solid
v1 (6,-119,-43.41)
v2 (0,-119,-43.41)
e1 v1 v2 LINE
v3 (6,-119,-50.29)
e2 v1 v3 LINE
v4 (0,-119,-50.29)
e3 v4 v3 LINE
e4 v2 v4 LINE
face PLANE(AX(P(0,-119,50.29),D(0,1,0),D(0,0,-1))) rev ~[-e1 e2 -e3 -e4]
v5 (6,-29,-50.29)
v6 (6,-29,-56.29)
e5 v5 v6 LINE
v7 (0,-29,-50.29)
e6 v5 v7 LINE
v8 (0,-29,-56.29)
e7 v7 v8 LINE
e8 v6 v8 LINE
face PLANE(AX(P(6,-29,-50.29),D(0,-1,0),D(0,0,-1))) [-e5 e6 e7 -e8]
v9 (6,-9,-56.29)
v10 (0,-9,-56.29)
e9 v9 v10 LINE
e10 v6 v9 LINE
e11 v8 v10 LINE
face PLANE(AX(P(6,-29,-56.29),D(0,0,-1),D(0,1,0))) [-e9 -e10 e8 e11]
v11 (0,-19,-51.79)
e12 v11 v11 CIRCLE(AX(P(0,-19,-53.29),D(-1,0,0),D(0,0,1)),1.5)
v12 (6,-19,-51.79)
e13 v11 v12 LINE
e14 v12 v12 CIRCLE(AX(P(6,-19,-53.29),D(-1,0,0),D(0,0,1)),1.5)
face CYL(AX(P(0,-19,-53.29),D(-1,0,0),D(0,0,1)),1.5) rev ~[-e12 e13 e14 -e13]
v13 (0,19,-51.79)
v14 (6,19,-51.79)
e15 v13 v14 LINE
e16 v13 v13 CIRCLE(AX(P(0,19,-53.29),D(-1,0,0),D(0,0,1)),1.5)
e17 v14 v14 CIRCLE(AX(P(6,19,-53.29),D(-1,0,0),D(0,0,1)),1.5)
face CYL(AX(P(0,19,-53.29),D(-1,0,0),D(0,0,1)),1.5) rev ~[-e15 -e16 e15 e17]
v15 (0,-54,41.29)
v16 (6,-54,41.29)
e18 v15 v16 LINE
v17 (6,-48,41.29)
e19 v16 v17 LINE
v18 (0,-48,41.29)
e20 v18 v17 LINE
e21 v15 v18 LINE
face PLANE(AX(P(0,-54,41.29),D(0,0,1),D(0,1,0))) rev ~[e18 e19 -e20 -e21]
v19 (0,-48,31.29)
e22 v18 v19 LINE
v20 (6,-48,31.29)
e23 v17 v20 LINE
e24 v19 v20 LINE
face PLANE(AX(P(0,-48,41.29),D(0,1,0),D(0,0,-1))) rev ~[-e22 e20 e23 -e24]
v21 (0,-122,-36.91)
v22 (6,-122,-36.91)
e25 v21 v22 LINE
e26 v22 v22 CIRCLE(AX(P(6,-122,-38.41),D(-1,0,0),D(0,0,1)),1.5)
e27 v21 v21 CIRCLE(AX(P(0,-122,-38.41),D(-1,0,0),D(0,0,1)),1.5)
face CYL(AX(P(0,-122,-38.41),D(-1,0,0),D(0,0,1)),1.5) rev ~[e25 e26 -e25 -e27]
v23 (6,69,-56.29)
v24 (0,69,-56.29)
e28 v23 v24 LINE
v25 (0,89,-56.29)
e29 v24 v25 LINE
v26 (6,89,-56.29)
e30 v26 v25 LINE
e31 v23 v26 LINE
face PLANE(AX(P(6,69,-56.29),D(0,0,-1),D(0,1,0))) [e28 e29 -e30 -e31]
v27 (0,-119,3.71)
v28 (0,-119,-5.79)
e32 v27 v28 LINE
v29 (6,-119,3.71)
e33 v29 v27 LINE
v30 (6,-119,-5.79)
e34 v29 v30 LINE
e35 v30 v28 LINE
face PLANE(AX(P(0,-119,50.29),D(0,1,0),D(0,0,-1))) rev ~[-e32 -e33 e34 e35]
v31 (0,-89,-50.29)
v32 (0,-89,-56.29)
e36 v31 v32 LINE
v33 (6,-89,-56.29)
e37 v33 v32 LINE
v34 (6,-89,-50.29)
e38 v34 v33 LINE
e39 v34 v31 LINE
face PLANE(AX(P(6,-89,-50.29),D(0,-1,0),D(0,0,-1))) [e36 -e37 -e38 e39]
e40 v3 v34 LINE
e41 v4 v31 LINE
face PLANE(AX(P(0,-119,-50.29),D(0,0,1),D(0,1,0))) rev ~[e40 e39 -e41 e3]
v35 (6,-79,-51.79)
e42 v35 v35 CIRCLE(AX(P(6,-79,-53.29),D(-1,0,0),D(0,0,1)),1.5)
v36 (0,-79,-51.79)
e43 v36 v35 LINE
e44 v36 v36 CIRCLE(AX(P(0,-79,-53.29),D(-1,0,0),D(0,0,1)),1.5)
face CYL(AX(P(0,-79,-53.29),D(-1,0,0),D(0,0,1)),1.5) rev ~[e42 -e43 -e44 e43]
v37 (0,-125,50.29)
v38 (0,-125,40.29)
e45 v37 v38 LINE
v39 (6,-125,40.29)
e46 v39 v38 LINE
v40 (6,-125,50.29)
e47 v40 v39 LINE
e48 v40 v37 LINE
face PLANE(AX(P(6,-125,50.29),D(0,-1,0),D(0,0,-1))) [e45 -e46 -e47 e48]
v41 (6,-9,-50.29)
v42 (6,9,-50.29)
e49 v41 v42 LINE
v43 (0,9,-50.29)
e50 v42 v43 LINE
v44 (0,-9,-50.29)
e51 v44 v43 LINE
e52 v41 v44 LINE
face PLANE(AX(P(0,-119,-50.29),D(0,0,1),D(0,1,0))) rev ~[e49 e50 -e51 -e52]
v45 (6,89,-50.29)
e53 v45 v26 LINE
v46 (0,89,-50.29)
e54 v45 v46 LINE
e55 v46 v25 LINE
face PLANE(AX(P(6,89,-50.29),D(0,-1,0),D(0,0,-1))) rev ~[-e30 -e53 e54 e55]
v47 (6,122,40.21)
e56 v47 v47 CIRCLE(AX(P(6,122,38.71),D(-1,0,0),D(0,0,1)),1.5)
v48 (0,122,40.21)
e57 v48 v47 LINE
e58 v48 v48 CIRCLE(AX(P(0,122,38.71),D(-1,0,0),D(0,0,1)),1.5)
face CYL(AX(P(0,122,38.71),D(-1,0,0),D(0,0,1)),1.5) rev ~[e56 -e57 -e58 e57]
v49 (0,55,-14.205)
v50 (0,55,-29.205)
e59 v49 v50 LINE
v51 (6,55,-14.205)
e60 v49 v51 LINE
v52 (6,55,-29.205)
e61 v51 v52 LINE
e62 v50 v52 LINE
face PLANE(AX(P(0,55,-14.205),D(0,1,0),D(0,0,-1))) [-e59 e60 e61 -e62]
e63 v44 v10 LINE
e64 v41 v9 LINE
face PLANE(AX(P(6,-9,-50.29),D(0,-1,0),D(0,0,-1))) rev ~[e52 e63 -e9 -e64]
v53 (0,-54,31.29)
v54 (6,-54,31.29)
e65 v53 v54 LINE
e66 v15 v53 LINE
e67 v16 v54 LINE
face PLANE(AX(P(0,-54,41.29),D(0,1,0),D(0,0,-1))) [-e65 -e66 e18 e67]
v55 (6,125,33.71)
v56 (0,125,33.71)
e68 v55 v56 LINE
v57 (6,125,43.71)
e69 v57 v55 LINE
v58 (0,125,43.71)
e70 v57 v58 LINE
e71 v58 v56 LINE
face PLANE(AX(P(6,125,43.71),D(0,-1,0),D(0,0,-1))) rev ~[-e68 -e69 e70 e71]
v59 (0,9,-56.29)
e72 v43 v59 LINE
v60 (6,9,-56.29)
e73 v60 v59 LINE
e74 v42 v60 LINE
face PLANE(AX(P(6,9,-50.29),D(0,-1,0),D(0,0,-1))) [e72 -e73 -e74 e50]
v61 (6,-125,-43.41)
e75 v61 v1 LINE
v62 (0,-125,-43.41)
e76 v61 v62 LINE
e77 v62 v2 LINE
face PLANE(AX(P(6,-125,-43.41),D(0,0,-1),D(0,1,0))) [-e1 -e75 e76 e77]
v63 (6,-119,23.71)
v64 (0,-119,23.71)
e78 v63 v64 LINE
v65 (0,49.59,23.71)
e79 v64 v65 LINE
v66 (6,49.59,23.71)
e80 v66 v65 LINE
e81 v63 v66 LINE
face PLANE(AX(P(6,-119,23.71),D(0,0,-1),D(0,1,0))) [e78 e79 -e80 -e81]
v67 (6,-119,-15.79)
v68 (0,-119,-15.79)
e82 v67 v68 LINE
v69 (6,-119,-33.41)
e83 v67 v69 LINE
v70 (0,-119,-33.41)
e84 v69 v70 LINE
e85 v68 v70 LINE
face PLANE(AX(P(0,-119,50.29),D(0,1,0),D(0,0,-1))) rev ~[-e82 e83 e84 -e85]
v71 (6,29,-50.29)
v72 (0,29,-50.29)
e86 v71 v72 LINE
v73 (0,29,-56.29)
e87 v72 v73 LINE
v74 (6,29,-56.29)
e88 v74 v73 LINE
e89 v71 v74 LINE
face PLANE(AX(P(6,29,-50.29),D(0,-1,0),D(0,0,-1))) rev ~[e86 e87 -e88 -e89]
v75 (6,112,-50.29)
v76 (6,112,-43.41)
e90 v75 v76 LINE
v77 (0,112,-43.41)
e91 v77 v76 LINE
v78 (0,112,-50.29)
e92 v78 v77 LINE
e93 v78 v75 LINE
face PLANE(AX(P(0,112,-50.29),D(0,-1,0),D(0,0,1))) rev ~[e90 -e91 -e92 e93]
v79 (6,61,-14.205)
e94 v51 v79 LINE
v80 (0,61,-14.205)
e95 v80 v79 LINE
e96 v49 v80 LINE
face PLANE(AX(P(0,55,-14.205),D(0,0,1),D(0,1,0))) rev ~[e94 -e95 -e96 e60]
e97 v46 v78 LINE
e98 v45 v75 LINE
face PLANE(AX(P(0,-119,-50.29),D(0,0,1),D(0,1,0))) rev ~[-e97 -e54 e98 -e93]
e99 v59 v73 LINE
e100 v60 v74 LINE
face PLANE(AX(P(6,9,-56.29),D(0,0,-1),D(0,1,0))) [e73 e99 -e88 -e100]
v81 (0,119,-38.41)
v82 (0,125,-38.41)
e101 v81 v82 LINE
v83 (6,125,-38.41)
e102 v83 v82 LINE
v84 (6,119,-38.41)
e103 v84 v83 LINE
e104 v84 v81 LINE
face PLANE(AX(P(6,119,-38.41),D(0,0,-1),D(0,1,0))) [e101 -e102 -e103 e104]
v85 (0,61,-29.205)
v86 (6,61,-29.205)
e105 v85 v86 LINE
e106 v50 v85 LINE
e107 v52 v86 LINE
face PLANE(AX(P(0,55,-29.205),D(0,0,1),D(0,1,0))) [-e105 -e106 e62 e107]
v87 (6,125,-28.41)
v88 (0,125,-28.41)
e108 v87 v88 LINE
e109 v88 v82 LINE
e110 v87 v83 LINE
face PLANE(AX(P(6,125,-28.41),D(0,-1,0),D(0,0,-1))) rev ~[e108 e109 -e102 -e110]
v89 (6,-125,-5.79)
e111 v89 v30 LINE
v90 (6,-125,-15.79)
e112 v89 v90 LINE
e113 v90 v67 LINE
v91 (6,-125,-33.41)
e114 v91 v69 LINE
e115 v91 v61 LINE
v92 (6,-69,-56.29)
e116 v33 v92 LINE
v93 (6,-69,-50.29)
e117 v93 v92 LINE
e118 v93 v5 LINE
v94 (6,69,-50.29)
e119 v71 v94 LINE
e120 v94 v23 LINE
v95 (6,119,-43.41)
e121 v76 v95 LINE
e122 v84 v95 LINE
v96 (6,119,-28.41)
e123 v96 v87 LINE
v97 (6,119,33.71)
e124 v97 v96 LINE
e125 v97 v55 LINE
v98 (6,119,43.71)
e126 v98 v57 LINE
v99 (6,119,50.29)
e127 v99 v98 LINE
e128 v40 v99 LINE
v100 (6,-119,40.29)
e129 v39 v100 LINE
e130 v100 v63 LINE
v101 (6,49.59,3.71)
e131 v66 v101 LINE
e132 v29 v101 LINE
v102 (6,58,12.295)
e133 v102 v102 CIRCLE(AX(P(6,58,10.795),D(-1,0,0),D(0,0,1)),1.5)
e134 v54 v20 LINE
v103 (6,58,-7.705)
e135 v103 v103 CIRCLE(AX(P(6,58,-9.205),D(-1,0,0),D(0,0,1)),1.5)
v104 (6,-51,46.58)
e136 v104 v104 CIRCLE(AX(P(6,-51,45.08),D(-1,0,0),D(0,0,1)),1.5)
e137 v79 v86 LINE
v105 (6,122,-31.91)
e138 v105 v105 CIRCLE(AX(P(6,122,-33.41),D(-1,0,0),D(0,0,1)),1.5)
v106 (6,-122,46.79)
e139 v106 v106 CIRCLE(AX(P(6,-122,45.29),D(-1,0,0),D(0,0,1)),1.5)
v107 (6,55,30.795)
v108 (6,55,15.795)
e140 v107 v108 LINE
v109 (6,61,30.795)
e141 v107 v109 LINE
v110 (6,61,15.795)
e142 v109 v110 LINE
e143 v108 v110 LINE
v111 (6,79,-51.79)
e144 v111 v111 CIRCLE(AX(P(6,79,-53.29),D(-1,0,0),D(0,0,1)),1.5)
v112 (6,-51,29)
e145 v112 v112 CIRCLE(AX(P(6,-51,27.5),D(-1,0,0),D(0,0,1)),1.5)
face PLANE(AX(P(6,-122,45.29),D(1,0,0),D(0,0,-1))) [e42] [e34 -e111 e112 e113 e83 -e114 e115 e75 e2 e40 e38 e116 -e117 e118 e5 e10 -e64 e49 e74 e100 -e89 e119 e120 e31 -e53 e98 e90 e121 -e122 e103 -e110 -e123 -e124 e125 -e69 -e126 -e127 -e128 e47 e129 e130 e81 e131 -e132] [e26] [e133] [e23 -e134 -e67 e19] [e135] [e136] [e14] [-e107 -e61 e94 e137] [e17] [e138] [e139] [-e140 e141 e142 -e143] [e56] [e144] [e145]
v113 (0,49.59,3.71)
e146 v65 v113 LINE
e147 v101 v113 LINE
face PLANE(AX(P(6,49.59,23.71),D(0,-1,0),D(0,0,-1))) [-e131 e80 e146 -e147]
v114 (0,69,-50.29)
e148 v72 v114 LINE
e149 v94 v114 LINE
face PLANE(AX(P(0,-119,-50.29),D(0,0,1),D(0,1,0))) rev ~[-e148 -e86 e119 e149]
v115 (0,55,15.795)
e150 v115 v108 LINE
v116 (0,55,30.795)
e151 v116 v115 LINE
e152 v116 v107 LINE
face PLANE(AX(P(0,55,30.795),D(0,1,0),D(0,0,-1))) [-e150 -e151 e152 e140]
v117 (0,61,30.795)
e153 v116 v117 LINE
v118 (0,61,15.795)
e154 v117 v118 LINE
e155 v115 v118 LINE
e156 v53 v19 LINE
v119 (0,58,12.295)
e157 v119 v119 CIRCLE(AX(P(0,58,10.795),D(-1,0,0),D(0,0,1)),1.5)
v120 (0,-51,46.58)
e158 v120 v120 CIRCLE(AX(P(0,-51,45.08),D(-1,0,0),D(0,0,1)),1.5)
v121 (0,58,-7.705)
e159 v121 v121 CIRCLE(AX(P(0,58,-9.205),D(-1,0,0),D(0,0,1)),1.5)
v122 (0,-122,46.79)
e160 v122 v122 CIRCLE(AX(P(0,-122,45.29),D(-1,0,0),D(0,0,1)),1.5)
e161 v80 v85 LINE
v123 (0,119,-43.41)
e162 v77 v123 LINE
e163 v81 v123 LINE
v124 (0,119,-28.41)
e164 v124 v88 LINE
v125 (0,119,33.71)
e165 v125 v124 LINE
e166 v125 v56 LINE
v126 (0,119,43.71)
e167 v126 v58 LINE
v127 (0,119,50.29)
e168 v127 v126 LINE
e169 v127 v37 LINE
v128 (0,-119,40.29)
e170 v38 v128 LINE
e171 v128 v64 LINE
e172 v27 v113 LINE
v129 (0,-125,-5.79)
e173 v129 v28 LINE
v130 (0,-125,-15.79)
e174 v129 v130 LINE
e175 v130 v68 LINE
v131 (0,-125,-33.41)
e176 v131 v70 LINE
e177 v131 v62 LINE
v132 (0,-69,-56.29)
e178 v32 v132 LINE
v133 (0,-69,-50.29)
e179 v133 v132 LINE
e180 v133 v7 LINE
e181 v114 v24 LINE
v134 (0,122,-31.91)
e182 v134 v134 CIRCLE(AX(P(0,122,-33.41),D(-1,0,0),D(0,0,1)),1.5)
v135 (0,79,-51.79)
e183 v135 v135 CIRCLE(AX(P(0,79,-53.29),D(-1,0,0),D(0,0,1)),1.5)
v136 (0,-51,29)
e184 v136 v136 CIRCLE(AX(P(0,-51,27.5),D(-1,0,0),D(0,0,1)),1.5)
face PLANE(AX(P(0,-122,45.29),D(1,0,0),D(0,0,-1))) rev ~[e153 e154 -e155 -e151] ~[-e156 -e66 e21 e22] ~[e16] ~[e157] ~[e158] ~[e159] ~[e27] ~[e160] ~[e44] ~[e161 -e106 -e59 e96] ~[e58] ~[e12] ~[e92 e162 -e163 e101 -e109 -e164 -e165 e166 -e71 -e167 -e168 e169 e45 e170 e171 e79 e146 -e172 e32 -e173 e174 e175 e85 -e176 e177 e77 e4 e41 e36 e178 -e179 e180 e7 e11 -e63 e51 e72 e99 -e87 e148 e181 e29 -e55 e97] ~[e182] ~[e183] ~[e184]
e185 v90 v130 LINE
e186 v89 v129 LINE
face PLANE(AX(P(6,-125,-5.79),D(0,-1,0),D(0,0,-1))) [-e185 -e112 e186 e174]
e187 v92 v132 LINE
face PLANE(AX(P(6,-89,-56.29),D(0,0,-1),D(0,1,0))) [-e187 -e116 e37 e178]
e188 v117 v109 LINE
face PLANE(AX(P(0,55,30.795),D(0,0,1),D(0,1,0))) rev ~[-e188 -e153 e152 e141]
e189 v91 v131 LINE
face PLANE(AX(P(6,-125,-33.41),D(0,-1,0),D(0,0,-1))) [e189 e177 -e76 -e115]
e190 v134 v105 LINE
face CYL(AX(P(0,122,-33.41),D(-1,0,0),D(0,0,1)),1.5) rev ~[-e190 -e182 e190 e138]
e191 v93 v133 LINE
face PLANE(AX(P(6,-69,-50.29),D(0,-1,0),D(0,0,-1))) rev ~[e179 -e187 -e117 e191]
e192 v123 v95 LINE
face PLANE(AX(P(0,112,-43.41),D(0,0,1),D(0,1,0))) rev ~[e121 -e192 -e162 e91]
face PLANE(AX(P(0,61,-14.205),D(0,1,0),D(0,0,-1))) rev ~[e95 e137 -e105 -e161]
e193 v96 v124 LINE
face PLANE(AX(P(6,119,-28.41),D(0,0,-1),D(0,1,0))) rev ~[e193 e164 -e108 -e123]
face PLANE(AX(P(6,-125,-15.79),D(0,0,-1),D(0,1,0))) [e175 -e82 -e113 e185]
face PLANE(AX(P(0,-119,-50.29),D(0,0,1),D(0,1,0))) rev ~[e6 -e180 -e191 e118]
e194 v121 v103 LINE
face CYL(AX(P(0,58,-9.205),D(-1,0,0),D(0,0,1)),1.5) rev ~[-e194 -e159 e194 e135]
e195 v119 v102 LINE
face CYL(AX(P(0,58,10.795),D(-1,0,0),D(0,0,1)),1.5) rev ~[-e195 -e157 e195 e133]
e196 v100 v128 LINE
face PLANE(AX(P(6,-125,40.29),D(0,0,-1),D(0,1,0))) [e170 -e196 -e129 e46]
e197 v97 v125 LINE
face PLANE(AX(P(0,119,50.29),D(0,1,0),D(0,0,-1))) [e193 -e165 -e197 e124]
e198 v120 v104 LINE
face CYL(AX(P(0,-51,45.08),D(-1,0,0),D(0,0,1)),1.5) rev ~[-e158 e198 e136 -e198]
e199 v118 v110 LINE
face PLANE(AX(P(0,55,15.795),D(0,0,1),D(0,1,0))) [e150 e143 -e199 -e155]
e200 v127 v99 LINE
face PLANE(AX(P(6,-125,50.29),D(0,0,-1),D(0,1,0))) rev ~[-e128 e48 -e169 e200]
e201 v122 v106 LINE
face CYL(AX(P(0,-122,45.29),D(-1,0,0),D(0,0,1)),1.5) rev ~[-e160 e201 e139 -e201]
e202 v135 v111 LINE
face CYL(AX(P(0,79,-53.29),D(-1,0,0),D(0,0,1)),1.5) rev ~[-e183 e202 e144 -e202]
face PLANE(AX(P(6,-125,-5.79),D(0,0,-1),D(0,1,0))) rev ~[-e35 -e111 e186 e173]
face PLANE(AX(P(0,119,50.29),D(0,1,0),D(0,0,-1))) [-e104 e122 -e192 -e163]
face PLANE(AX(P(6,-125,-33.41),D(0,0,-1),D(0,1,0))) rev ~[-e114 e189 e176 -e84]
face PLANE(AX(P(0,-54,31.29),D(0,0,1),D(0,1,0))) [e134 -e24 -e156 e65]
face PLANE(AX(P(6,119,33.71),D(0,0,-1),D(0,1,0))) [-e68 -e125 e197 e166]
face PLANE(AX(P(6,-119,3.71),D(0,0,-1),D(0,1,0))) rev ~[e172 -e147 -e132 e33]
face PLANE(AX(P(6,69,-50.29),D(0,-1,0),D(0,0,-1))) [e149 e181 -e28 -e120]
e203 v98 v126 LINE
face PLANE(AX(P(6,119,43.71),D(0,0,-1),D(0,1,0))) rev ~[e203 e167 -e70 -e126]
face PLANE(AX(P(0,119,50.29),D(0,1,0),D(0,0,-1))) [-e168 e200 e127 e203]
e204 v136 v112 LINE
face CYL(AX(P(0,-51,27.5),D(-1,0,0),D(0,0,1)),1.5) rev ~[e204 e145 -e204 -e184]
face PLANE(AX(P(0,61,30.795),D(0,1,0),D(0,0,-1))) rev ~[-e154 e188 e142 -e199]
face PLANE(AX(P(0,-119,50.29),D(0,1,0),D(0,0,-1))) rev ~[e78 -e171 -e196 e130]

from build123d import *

# Parameters (mm, degrees)
ESQUISSE1_W             = 100.58
ESQUISSE1_H             = 238
ESQUISSE1_W_2           = 10
ESQUISSE1_H_2           = 6
ESQUISSE1_W_3           = 15
BOSS_EXTRU_1_DEPTH      = 6
ESQUISSE3_W             = 10
ESQUISSE3_H             = 6
ESQUISSE3_W_2           = 6
ESQUISSE3_H_2           = 20
BOSS_EXTRU_5_DEPTH      = 6
ESQUISSE6_W             = 20
ESQUISSE6_H             = 168.59
ENL_V_MAT_EXTRU_2_DEPTH = 6
ESQUISSE7_W             = 6.88
ESQUISSE7_H             = 7
ENL_V_MAT_EXTRU_3_DEPTH = 6
ESQUISSE8_R             = 1.5
ENL_V_MAT_EXTRU_4_DEPTH = 6


with BuildPart() as part:
    # Esquisse1 → Boss.-Extru.1 (new body)
    with BuildSketch(Plane(origin=(0, 0, 0), x_dir=(0, 0, -1), z_dir=(1, 0, 0))):
        Rectangle(ESQUISSE1_W, ESQUISSE1_H)
        with Locations((-36.29, -51)):
            Rectangle(ESQUISSE1_W_2, ESQUISSE1_H_2, mode=Mode.SUBTRACT)
        with Locations((-23.295, 58)):
            Rectangle(ESQUISSE1_W_3, ESQUISSE1_H_2, mode=Mode.SUBTRACT)
        with Locations((21.705, 58)):
            Rectangle(ESQUISSE1_W_3, ESQUISSE1_H_2, mode=Mode.SUBTRACT)
    extrude(amount=BOSS_EXTRU_1_DEPTH)

    # Esquisse3 → Boss.-Extru.5 (add)
    with BuildSketch(Plane(origin=(6, 0, 0), x_dir=(0, 0, -1), z_dir=(1, 0, 0))):
        with Locations((-45.29, -122)):
            Rectangle(ESQUISSE3_W, ESQUISSE3_H)
        with Locations((38.41, -122)):
            Rectangle(ESQUISSE3_W, ESQUISSE3_H)
        with Locations((53.29, 19)):
            Rectangle(ESQUISSE3_W_2, ESQUISSE3_H_2)
        with Locations((53.29, 79)):
            Rectangle(ESQUISSE3_W_2, ESQUISSE3_H_2)
        with Locations((53.29, -79)):
            Rectangle(ESQUISSE3_W_2, ESQUISSE3_H_2)
        with Locations((53.29, -19)):
            Rectangle(ESQUISSE3_W_2, ESQUISSE3_H_2)
        with Locations((10.79, -122)):
            Rectangle(ESQUISSE3_W, ESQUISSE3_H)
        with Locations((33.41, 122)):
            Rectangle(ESQUISSE3_W, ESQUISSE3_H)
        with Locations((-38.71, 122)):
            Rectangle(ESQUISSE3_W, ESQUISSE3_H)
    extrude(amount=-BOSS_EXTRU_5_DEPTH)

    # Esquisse6 → Enlèv. mat.-Extru.2 (cut)
    with BuildSketch(Plane(origin=(6, 0, 0), x_dir=(0, 0, -1), z_dir=(1, 0, 0))):
        with Locations((-13.71, -34.705)):
            Rectangle(ESQUISSE6_W, ESQUISSE6_H)
    extrude(amount=-ENL_V_MAT_EXTRU_2_DEPTH, mode=Mode.SUBTRACT)

    # Esquisse7 → Enlèv. mat.-Extru.3 (cut)
    with BuildSketch(Plane.ZY):
        with Locations((-46.85, 115.5)):
            Rectangle(ESQUISSE7_W, ESQUISSE7_H)
    extrude(amount=-ENL_V_MAT_EXTRU_3_DEPTH, mode=Mode.SUBTRACT)

    # Esquisse8 → Enlèv. mat.-Extru.4 (cut)
    with BuildSketch(Plane.ZY):
        with Locations((-9.205, 58)):
            Circle(ESQUISSE8_R)
        with Locations((10.795, 58)):
            Circle(ESQUISSE8_R)
        with Locations((27.5, -51)):
            Circle(ESQUISSE8_R)
        with Locations((45.08, -51)):
            Circle(ESQUISSE8_R)
        with Locations((38.71, 122)):
            Circle(ESQUISSE8_R)
        with Locations((-33.41, 122)):
            Circle(ESQUISSE8_R)
        with Locations((45.29, -122)):
            Circle(ESQUISSE8_R)
        with Locations((-53.29, 79)):
            Circle(ESQUISSE8_R)
        with Locations((-38.41, -122)):
            Circle(ESQUISSE8_R)
        with Locations((-53.29, 19)):
            Circle(ESQUISSE8_R)
        with Locations((-53.29, -79)):
            Circle(ESQUISSE8_R)
        with Locations((-53.29, -19)):
            Circle(ESQUISSE8_R)
    extrude(amount=-ENL_V_MAT_EXTRU_4_DEPTH, mode=Mode.SUBTRACT)


solid = part.part
